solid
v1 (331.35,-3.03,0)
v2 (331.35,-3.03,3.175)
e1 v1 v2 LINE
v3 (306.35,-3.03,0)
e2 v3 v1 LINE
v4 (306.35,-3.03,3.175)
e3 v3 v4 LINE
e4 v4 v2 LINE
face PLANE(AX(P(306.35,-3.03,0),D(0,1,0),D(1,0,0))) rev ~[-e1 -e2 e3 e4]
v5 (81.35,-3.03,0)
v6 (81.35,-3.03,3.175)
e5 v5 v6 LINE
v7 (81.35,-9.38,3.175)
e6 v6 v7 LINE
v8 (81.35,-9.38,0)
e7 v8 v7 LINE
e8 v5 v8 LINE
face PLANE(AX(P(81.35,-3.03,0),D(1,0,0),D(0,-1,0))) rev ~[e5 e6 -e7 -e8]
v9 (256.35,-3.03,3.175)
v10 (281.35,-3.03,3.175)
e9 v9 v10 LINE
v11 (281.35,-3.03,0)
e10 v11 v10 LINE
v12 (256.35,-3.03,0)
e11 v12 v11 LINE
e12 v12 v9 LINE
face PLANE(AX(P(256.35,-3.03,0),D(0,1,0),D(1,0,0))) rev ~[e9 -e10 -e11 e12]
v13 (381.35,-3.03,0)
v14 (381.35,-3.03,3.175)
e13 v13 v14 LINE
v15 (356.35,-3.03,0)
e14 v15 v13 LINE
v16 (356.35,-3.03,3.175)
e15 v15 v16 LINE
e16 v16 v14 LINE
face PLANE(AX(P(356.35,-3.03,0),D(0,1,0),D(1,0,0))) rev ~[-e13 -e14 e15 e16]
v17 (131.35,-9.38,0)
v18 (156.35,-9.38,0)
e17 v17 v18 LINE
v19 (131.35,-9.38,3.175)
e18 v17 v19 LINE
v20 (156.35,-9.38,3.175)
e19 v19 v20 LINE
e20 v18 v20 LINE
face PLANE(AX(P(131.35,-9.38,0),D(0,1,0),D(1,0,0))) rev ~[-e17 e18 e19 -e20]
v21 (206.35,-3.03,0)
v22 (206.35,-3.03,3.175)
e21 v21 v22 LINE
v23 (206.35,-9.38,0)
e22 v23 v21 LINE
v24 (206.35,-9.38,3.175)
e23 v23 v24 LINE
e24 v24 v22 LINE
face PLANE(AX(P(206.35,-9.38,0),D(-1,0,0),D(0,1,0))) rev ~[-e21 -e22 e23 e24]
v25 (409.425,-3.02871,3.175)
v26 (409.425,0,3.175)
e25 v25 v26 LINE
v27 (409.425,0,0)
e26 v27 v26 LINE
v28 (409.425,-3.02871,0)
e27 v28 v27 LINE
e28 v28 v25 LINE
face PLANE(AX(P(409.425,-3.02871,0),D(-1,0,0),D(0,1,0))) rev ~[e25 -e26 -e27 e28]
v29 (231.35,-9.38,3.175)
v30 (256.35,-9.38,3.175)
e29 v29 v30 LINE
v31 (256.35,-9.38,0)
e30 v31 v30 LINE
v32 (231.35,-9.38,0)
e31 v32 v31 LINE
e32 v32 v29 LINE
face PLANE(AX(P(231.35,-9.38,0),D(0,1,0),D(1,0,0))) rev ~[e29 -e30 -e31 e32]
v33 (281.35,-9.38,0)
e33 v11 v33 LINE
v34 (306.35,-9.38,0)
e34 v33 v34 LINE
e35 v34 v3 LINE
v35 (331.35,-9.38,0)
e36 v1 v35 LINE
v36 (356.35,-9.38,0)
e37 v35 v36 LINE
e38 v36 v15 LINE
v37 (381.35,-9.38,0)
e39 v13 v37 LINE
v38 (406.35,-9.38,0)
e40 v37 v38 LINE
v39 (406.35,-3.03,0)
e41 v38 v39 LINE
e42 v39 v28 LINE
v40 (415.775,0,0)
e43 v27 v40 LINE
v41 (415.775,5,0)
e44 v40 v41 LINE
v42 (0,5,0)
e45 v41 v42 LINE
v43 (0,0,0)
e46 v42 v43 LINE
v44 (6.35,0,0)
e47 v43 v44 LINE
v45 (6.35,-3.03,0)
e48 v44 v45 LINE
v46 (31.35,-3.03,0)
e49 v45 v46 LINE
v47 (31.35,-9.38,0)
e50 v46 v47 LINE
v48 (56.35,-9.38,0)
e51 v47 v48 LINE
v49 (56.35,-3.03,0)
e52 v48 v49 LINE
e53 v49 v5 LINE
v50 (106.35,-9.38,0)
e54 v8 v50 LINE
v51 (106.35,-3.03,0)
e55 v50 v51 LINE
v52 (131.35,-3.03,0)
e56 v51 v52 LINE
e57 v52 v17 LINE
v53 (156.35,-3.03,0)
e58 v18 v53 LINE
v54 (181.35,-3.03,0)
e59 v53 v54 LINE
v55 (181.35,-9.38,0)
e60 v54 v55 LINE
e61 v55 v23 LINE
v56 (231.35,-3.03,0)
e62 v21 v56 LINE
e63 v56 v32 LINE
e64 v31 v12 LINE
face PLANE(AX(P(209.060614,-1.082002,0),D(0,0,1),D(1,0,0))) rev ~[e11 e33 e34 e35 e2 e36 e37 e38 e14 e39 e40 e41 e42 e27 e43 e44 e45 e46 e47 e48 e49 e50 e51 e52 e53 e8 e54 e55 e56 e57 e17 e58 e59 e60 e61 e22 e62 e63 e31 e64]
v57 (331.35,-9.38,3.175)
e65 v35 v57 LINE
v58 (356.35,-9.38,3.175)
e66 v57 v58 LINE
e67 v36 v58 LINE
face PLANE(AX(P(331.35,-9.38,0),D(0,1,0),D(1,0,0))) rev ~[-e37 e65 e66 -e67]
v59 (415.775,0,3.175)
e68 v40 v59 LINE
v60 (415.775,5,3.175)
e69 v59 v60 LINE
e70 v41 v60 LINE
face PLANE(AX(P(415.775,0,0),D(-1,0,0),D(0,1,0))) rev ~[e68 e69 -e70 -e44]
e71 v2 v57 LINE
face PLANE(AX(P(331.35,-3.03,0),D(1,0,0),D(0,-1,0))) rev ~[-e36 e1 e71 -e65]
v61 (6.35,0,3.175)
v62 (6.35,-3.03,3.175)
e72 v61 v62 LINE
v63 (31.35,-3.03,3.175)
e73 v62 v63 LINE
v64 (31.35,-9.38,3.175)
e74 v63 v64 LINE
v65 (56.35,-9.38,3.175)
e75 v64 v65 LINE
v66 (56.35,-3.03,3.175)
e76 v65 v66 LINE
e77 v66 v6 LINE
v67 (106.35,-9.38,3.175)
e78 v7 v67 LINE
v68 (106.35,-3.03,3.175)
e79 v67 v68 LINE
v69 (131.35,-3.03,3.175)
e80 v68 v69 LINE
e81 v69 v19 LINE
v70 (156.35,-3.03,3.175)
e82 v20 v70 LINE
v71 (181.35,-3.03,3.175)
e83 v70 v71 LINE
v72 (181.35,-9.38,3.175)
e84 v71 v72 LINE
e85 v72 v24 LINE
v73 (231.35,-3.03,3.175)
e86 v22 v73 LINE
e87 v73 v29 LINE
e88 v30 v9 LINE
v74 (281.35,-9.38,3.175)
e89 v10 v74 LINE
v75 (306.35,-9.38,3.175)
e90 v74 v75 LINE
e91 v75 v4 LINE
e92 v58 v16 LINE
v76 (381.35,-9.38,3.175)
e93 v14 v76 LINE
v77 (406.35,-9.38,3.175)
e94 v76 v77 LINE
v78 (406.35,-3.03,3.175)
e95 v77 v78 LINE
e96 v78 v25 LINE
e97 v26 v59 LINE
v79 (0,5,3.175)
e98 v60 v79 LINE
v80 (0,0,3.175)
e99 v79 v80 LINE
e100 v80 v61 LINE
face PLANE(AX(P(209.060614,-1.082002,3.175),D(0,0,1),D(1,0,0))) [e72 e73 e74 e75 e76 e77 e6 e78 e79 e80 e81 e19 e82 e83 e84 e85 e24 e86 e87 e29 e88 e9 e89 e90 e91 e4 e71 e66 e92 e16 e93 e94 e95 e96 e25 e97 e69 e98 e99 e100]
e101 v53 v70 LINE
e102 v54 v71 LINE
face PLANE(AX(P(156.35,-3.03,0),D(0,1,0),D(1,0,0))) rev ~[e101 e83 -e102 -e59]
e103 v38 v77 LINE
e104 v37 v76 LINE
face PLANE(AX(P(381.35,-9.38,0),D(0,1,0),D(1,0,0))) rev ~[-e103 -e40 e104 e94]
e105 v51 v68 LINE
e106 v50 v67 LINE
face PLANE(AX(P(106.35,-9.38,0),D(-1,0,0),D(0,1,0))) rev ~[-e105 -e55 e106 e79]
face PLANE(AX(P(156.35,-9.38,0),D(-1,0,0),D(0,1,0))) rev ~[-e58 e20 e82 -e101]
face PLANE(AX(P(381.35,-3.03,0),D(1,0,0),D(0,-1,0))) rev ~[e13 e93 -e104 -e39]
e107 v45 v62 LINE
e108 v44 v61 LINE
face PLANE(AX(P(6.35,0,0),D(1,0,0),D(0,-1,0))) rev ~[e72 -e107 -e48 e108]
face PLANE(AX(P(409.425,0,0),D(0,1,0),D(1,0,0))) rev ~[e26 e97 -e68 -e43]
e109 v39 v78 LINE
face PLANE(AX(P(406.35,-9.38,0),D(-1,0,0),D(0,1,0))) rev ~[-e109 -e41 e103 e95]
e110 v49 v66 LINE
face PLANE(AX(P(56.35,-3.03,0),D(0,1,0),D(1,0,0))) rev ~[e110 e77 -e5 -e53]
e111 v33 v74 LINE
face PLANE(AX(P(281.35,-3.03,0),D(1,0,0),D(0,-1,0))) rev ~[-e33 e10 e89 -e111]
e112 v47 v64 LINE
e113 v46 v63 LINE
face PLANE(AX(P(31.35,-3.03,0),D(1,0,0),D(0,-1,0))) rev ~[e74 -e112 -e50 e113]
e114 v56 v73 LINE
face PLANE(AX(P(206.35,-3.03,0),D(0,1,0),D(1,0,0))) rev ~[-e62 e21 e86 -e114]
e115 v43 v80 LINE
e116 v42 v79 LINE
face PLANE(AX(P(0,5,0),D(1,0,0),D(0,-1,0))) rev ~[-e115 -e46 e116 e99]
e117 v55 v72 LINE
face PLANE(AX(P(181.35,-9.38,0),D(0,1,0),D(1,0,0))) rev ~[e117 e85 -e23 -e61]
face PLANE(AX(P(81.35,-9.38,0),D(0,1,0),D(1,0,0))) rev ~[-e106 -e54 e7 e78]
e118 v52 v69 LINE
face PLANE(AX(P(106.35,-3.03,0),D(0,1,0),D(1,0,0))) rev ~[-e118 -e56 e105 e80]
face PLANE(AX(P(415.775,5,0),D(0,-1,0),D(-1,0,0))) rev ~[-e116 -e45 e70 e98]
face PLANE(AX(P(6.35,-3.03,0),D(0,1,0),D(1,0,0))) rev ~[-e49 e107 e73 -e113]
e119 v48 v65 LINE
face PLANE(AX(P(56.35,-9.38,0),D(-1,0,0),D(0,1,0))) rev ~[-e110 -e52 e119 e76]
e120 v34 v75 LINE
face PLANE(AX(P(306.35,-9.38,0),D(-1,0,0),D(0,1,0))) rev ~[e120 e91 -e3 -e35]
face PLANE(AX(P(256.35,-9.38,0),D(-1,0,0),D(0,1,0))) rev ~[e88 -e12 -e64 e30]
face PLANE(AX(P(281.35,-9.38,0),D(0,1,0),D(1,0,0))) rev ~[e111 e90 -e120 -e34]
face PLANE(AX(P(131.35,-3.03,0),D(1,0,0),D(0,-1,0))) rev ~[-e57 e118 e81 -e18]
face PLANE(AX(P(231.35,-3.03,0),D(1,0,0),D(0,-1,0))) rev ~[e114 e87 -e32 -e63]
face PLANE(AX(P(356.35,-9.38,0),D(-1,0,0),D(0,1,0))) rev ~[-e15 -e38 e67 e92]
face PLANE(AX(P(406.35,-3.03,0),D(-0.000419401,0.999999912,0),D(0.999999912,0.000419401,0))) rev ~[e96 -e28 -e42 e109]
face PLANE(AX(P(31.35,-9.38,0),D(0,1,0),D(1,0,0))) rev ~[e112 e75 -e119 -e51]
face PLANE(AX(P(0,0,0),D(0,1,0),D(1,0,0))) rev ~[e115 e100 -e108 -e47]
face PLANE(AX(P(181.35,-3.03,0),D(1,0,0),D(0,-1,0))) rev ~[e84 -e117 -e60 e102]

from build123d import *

# Parameters (mm, degrees)
BOSS_EXTRUDE1_DEPTH = 3.175


with BuildPart() as part:
    # Sketch1 → Boss-Extrude1 (new body)
    with BuildSketch(Plane.XY):
        Polygon((0, 0), (6.35, 0), (6.35, -3.03), (31.35, -3.03), (31.35, -9.38), (56.35, -9.38), (56.35, -3.03), (81.35, -3.03), (81.35, -9.38), (106.35, -9.38), (106.35, -3.03), (131.35, -3.03), (131.35, -9.38), (156.35, -9.38), (156.35, -3.03), (181.35, -3.03), (181.35, -9.38), (206.35, -9.38), (206.35, -3.03), (231.35, -3.03), (231.35, -9.38), (256.35, -9.38), (256.35, -3.03), (281.35, -3.03), (281.35, -9.38), (306.35, -9.38), (306.35, -3.03), (331.35, -3.03), (331.35, -9.38), (356.35, -9.38), (356.35, -3.03), (381.35, -3.03), (381.35, -9.38), (406.35, -9.38), (406.35, -3.03), (409.425, -3.028710343), (409.425, 2.97e-07), (415.775, 2.97e-07), (415.775, 5), (409.42, 5), (0, 5), align=None)
    extrude(amount=BOSS_EXTRUDE1_DEPTH)


solid = part.part
